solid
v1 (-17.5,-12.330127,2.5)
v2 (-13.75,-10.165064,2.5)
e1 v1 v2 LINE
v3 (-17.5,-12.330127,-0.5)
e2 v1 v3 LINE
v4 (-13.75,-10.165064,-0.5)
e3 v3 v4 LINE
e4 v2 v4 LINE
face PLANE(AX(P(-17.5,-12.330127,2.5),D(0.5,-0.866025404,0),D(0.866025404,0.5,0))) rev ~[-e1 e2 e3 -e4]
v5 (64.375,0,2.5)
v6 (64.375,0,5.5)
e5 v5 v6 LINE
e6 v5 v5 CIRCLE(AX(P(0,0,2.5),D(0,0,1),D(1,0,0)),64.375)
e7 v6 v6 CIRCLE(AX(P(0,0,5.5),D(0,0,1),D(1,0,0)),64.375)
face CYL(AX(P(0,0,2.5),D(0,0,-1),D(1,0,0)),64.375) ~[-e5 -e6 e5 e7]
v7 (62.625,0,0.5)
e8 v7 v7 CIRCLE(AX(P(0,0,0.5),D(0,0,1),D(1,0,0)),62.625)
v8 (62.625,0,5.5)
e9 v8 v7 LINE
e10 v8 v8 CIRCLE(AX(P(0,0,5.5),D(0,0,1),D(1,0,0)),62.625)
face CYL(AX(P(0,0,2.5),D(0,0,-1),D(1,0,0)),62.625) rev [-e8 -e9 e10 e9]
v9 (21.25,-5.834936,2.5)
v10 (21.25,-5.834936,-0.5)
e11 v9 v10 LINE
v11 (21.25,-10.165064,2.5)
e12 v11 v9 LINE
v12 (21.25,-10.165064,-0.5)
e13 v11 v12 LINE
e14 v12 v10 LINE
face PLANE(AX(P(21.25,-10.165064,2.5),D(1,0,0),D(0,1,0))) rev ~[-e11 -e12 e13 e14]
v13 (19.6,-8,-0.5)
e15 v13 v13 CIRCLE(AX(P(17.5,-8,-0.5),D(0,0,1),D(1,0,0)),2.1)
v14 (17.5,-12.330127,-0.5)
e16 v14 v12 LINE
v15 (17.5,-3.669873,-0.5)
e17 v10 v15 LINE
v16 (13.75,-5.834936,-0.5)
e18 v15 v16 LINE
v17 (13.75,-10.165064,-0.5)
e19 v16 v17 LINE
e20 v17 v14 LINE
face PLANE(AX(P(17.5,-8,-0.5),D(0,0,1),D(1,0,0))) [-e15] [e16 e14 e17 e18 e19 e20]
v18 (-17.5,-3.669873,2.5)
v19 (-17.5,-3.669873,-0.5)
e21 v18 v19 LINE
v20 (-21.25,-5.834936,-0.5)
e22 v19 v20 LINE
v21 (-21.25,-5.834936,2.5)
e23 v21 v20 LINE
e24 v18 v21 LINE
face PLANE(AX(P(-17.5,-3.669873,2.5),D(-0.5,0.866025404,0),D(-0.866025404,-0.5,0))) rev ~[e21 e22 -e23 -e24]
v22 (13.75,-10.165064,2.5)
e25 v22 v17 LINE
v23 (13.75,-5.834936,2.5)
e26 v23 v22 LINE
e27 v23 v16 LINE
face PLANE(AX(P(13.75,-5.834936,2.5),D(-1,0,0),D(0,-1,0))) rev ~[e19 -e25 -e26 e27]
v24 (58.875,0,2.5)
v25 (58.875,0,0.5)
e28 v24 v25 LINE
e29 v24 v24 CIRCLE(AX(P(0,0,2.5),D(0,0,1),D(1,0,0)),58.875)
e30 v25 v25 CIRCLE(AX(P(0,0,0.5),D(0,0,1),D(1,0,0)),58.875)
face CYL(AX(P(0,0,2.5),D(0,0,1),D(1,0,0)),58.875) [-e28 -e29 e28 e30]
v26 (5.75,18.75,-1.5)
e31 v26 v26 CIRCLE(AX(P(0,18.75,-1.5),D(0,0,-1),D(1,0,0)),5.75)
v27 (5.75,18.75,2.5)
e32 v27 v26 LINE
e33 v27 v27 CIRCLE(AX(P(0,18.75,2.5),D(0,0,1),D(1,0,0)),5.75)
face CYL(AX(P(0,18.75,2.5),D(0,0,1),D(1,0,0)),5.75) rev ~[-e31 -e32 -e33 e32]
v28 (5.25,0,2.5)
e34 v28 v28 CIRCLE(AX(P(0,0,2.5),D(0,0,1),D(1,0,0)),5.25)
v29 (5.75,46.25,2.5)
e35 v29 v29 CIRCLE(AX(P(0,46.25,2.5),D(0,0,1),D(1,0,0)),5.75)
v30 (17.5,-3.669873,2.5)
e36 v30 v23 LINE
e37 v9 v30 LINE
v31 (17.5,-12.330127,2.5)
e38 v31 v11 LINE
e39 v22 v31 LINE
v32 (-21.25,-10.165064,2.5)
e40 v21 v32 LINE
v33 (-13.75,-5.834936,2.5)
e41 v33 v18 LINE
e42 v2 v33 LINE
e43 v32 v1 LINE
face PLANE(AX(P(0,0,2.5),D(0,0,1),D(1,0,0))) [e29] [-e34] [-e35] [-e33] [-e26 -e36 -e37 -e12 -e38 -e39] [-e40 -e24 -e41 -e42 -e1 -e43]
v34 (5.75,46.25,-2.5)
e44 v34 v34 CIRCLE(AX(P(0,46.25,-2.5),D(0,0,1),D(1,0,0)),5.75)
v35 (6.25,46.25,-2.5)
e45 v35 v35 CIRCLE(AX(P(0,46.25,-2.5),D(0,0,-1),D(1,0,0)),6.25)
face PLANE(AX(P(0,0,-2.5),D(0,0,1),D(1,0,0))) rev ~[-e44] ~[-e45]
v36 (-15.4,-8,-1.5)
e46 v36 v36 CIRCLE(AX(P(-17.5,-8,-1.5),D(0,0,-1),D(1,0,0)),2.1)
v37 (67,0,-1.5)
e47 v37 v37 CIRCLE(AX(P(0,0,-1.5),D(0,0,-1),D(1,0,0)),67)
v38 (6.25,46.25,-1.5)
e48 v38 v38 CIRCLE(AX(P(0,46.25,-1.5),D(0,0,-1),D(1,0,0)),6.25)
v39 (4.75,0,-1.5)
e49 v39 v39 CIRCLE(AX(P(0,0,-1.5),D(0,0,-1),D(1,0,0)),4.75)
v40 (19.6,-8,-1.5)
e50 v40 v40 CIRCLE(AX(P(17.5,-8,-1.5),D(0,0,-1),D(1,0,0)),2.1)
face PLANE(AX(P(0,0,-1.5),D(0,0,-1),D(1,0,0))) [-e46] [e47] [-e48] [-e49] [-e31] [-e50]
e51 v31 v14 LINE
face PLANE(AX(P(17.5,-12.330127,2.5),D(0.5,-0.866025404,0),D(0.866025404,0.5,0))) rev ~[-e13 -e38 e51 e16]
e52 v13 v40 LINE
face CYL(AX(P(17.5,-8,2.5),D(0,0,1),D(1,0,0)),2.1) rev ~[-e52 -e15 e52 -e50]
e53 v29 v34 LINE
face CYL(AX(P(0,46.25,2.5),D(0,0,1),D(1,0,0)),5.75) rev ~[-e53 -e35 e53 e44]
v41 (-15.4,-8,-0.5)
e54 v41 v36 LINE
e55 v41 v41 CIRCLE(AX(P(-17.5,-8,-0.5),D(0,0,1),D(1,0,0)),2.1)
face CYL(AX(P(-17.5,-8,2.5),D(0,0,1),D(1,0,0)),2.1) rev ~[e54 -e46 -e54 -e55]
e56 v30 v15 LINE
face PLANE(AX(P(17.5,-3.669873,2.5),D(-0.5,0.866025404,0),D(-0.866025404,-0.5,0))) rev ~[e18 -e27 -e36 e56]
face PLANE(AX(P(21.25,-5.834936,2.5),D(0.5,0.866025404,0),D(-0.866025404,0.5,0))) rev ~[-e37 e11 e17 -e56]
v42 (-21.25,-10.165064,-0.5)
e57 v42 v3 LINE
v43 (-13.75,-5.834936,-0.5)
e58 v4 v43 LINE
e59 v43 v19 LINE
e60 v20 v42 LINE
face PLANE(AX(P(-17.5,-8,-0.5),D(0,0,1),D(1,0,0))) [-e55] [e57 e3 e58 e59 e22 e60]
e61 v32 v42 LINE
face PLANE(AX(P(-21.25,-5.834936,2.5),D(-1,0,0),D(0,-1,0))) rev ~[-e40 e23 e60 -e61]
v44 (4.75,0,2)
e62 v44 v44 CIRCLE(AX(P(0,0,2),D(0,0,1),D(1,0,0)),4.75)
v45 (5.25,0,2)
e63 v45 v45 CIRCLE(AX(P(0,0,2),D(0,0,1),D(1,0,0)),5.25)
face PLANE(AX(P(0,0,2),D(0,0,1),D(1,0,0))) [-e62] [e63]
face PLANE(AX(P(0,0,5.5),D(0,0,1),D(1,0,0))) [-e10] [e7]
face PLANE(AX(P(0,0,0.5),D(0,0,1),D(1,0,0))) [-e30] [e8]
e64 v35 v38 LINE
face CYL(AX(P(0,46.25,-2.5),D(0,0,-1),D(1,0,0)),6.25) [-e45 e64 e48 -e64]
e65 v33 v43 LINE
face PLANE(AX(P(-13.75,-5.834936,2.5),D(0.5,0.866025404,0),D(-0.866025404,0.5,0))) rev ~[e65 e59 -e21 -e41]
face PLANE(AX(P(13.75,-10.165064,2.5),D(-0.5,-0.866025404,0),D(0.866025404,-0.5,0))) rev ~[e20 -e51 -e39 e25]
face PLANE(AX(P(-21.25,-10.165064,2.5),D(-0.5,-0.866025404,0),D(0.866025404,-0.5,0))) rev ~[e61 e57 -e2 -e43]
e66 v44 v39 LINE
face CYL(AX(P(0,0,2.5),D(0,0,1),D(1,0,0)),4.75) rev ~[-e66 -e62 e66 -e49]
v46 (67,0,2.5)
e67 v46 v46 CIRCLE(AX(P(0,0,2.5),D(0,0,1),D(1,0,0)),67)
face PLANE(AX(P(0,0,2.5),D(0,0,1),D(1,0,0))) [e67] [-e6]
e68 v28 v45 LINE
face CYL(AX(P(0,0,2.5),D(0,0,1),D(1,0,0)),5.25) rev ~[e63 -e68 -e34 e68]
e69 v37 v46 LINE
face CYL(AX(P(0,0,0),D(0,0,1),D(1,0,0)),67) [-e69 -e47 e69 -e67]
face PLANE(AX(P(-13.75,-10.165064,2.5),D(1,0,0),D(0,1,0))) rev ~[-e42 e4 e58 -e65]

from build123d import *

# Parameters (mm, degrees)
F0_R      = 67
F1_DEPTH  = 2.5
F2_R      = 64.375
F2_R_2    = 62.625
F3_DEPTH  = 3
F2_R_3    = 58.875
F4_DEPTH  = 2
F5_R      = 4.75
F5_R_2    = 5.75
F5_R_3    = 2.1
F6_DEPTH  = 5.001
F7_R      = 5.25
F7_R_2    = 4.75
F8_DEPTH  = 0.5
F7_R_3    = 2.1
F9_DEPTH  = 3
F10_DEPTH = 3
F11_R     = 67
F11_R_2   = 6.25
F11_R_3   = 2.1
F11_R_4   = 4.75
F11_R_5   = 5.75
F12_DEPTH = 1


with BuildPart() as f1:
    # F0 (on Top) → F1 (new body, symmetric)
    with BuildSketch(Plane.XY):
        Circle(F0_R)
    extrude(amount=F1_DEPTH, both=True)

    # F2 (on face) → F3 (join)
    with BuildSketch(Plane.XY.offset(2.5)):
        Circle(F2_R)
        Circle(F2_R_2, mode=Mode.SUBTRACT)
    extrude(amount=F3_DEPTH)

    # F2 (on face) → F4 (cut)
    with BuildSketch(Plane.XY.offset(2.5)):
        Circle(F2_R_2)
        Circle(F2_R_3, mode=Mode.SUBTRACT)
    extrude(amount=-F4_DEPTH, mode=Mode.SUBTRACT)

    # F5 (on face) → F6 (cut, through all)
    with BuildSketch(Plane.XY.offset(2.5)):
        Circle(F5_R)
        with Locations((0, 18.75)):
            Circle(F5_R_2)
        with Locations((0, 46.25)):
            Circle(F5_R_2)
        with Locations((17.5, -8)):
            Circle(F5_R_3)
        with Locations((-17.5, -8)):
            Circle(F5_R_3)
    extrude(amount=-F6_DEPTH, mode=Mode.SUBTRACT)

    # F7 (on face) → F8 (cut)
    with BuildSketch(Plane.XY.offset(2.5)):
        Circle(F7_R)
        Circle(F7_R_2, mode=Mode.SUBTRACT)
    extrude(amount=-F8_DEPTH, mode=Mode.SUBTRACT)

    # F7 (on face) → F9 (cut)
    with BuildSketch(Plane.XY.offset(2.5)):
        Polygon((-13.75, -10.1650635095), (-13.75, -5.8349364905), (-17.5, -3.6698729811), (-21.25, -5.8349364905), (-21.25, -10.1650635095), (-17.5, -12.3301270189), align=None)
        with Locations((-17.5, -8)):
            Circle(F7_R_3, mode=Mode.SUBTRACT)
        with Locations((-17.5, -8)):
            Circle(F7_R_3)
    extrude(amount=-F9_DEPTH, mode=Mode.SUBTRACT)

    # F7 (on face) → F10 (cut)
    with BuildSketch(Plane.XY.offset(2.5)):
        Polygon((17.5, -12.3301270189), (21.25, -10.1650635095), (21.25, -5.8349364905), (17.5, -3.6698729811), (13.75, -5.8349364905), (13.75, -10.1650635095), align=None)
        with Locations((17.5, -8)):
            Circle(F7_R_3, mode=Mode.SUBTRACT)
        with Locations((17.5, -8)):
            Circle(F7_R_3)
    extrude(amount=-F10_DEPTH, mode=Mode.SUBTRACT)

    # F11 (on face) → F12 (cut)
    with BuildSketch(Plane(origin=(0, 0, -2.5), x_dir=(1, 0, 0), z_dir=(0, 0, -1))):
        Circle(F11_R)
        with Locations((0, -46.25)):
            Circle(F11_R_2, mode=Mode.SUBTRACT)
        with Locations((0, -18.75)):
            Circle(F11_R_2, mode=Mode.SUBTRACT)
        with Locations((-17.5, 8)):
            Circle(F11_R_3, mode=Mode.SUBTRACT)
        Circle(F11_R_4, mode=Mode.SUBTRACT)
        with Locations((17.5, 8)):
            Circle(F11_R_3, mode=Mode.SUBTRACT)
        with Locations((0, -18.75)):
            Circle(F11_R_2)
        with Locations((0, -18.75)):
            Circle(F11_R_5, mode=Mode.SUBTRACT)
    extrude(amount=-F12_DEPTH, mode=Mode.SUBTRACT)


solid = f1.part
